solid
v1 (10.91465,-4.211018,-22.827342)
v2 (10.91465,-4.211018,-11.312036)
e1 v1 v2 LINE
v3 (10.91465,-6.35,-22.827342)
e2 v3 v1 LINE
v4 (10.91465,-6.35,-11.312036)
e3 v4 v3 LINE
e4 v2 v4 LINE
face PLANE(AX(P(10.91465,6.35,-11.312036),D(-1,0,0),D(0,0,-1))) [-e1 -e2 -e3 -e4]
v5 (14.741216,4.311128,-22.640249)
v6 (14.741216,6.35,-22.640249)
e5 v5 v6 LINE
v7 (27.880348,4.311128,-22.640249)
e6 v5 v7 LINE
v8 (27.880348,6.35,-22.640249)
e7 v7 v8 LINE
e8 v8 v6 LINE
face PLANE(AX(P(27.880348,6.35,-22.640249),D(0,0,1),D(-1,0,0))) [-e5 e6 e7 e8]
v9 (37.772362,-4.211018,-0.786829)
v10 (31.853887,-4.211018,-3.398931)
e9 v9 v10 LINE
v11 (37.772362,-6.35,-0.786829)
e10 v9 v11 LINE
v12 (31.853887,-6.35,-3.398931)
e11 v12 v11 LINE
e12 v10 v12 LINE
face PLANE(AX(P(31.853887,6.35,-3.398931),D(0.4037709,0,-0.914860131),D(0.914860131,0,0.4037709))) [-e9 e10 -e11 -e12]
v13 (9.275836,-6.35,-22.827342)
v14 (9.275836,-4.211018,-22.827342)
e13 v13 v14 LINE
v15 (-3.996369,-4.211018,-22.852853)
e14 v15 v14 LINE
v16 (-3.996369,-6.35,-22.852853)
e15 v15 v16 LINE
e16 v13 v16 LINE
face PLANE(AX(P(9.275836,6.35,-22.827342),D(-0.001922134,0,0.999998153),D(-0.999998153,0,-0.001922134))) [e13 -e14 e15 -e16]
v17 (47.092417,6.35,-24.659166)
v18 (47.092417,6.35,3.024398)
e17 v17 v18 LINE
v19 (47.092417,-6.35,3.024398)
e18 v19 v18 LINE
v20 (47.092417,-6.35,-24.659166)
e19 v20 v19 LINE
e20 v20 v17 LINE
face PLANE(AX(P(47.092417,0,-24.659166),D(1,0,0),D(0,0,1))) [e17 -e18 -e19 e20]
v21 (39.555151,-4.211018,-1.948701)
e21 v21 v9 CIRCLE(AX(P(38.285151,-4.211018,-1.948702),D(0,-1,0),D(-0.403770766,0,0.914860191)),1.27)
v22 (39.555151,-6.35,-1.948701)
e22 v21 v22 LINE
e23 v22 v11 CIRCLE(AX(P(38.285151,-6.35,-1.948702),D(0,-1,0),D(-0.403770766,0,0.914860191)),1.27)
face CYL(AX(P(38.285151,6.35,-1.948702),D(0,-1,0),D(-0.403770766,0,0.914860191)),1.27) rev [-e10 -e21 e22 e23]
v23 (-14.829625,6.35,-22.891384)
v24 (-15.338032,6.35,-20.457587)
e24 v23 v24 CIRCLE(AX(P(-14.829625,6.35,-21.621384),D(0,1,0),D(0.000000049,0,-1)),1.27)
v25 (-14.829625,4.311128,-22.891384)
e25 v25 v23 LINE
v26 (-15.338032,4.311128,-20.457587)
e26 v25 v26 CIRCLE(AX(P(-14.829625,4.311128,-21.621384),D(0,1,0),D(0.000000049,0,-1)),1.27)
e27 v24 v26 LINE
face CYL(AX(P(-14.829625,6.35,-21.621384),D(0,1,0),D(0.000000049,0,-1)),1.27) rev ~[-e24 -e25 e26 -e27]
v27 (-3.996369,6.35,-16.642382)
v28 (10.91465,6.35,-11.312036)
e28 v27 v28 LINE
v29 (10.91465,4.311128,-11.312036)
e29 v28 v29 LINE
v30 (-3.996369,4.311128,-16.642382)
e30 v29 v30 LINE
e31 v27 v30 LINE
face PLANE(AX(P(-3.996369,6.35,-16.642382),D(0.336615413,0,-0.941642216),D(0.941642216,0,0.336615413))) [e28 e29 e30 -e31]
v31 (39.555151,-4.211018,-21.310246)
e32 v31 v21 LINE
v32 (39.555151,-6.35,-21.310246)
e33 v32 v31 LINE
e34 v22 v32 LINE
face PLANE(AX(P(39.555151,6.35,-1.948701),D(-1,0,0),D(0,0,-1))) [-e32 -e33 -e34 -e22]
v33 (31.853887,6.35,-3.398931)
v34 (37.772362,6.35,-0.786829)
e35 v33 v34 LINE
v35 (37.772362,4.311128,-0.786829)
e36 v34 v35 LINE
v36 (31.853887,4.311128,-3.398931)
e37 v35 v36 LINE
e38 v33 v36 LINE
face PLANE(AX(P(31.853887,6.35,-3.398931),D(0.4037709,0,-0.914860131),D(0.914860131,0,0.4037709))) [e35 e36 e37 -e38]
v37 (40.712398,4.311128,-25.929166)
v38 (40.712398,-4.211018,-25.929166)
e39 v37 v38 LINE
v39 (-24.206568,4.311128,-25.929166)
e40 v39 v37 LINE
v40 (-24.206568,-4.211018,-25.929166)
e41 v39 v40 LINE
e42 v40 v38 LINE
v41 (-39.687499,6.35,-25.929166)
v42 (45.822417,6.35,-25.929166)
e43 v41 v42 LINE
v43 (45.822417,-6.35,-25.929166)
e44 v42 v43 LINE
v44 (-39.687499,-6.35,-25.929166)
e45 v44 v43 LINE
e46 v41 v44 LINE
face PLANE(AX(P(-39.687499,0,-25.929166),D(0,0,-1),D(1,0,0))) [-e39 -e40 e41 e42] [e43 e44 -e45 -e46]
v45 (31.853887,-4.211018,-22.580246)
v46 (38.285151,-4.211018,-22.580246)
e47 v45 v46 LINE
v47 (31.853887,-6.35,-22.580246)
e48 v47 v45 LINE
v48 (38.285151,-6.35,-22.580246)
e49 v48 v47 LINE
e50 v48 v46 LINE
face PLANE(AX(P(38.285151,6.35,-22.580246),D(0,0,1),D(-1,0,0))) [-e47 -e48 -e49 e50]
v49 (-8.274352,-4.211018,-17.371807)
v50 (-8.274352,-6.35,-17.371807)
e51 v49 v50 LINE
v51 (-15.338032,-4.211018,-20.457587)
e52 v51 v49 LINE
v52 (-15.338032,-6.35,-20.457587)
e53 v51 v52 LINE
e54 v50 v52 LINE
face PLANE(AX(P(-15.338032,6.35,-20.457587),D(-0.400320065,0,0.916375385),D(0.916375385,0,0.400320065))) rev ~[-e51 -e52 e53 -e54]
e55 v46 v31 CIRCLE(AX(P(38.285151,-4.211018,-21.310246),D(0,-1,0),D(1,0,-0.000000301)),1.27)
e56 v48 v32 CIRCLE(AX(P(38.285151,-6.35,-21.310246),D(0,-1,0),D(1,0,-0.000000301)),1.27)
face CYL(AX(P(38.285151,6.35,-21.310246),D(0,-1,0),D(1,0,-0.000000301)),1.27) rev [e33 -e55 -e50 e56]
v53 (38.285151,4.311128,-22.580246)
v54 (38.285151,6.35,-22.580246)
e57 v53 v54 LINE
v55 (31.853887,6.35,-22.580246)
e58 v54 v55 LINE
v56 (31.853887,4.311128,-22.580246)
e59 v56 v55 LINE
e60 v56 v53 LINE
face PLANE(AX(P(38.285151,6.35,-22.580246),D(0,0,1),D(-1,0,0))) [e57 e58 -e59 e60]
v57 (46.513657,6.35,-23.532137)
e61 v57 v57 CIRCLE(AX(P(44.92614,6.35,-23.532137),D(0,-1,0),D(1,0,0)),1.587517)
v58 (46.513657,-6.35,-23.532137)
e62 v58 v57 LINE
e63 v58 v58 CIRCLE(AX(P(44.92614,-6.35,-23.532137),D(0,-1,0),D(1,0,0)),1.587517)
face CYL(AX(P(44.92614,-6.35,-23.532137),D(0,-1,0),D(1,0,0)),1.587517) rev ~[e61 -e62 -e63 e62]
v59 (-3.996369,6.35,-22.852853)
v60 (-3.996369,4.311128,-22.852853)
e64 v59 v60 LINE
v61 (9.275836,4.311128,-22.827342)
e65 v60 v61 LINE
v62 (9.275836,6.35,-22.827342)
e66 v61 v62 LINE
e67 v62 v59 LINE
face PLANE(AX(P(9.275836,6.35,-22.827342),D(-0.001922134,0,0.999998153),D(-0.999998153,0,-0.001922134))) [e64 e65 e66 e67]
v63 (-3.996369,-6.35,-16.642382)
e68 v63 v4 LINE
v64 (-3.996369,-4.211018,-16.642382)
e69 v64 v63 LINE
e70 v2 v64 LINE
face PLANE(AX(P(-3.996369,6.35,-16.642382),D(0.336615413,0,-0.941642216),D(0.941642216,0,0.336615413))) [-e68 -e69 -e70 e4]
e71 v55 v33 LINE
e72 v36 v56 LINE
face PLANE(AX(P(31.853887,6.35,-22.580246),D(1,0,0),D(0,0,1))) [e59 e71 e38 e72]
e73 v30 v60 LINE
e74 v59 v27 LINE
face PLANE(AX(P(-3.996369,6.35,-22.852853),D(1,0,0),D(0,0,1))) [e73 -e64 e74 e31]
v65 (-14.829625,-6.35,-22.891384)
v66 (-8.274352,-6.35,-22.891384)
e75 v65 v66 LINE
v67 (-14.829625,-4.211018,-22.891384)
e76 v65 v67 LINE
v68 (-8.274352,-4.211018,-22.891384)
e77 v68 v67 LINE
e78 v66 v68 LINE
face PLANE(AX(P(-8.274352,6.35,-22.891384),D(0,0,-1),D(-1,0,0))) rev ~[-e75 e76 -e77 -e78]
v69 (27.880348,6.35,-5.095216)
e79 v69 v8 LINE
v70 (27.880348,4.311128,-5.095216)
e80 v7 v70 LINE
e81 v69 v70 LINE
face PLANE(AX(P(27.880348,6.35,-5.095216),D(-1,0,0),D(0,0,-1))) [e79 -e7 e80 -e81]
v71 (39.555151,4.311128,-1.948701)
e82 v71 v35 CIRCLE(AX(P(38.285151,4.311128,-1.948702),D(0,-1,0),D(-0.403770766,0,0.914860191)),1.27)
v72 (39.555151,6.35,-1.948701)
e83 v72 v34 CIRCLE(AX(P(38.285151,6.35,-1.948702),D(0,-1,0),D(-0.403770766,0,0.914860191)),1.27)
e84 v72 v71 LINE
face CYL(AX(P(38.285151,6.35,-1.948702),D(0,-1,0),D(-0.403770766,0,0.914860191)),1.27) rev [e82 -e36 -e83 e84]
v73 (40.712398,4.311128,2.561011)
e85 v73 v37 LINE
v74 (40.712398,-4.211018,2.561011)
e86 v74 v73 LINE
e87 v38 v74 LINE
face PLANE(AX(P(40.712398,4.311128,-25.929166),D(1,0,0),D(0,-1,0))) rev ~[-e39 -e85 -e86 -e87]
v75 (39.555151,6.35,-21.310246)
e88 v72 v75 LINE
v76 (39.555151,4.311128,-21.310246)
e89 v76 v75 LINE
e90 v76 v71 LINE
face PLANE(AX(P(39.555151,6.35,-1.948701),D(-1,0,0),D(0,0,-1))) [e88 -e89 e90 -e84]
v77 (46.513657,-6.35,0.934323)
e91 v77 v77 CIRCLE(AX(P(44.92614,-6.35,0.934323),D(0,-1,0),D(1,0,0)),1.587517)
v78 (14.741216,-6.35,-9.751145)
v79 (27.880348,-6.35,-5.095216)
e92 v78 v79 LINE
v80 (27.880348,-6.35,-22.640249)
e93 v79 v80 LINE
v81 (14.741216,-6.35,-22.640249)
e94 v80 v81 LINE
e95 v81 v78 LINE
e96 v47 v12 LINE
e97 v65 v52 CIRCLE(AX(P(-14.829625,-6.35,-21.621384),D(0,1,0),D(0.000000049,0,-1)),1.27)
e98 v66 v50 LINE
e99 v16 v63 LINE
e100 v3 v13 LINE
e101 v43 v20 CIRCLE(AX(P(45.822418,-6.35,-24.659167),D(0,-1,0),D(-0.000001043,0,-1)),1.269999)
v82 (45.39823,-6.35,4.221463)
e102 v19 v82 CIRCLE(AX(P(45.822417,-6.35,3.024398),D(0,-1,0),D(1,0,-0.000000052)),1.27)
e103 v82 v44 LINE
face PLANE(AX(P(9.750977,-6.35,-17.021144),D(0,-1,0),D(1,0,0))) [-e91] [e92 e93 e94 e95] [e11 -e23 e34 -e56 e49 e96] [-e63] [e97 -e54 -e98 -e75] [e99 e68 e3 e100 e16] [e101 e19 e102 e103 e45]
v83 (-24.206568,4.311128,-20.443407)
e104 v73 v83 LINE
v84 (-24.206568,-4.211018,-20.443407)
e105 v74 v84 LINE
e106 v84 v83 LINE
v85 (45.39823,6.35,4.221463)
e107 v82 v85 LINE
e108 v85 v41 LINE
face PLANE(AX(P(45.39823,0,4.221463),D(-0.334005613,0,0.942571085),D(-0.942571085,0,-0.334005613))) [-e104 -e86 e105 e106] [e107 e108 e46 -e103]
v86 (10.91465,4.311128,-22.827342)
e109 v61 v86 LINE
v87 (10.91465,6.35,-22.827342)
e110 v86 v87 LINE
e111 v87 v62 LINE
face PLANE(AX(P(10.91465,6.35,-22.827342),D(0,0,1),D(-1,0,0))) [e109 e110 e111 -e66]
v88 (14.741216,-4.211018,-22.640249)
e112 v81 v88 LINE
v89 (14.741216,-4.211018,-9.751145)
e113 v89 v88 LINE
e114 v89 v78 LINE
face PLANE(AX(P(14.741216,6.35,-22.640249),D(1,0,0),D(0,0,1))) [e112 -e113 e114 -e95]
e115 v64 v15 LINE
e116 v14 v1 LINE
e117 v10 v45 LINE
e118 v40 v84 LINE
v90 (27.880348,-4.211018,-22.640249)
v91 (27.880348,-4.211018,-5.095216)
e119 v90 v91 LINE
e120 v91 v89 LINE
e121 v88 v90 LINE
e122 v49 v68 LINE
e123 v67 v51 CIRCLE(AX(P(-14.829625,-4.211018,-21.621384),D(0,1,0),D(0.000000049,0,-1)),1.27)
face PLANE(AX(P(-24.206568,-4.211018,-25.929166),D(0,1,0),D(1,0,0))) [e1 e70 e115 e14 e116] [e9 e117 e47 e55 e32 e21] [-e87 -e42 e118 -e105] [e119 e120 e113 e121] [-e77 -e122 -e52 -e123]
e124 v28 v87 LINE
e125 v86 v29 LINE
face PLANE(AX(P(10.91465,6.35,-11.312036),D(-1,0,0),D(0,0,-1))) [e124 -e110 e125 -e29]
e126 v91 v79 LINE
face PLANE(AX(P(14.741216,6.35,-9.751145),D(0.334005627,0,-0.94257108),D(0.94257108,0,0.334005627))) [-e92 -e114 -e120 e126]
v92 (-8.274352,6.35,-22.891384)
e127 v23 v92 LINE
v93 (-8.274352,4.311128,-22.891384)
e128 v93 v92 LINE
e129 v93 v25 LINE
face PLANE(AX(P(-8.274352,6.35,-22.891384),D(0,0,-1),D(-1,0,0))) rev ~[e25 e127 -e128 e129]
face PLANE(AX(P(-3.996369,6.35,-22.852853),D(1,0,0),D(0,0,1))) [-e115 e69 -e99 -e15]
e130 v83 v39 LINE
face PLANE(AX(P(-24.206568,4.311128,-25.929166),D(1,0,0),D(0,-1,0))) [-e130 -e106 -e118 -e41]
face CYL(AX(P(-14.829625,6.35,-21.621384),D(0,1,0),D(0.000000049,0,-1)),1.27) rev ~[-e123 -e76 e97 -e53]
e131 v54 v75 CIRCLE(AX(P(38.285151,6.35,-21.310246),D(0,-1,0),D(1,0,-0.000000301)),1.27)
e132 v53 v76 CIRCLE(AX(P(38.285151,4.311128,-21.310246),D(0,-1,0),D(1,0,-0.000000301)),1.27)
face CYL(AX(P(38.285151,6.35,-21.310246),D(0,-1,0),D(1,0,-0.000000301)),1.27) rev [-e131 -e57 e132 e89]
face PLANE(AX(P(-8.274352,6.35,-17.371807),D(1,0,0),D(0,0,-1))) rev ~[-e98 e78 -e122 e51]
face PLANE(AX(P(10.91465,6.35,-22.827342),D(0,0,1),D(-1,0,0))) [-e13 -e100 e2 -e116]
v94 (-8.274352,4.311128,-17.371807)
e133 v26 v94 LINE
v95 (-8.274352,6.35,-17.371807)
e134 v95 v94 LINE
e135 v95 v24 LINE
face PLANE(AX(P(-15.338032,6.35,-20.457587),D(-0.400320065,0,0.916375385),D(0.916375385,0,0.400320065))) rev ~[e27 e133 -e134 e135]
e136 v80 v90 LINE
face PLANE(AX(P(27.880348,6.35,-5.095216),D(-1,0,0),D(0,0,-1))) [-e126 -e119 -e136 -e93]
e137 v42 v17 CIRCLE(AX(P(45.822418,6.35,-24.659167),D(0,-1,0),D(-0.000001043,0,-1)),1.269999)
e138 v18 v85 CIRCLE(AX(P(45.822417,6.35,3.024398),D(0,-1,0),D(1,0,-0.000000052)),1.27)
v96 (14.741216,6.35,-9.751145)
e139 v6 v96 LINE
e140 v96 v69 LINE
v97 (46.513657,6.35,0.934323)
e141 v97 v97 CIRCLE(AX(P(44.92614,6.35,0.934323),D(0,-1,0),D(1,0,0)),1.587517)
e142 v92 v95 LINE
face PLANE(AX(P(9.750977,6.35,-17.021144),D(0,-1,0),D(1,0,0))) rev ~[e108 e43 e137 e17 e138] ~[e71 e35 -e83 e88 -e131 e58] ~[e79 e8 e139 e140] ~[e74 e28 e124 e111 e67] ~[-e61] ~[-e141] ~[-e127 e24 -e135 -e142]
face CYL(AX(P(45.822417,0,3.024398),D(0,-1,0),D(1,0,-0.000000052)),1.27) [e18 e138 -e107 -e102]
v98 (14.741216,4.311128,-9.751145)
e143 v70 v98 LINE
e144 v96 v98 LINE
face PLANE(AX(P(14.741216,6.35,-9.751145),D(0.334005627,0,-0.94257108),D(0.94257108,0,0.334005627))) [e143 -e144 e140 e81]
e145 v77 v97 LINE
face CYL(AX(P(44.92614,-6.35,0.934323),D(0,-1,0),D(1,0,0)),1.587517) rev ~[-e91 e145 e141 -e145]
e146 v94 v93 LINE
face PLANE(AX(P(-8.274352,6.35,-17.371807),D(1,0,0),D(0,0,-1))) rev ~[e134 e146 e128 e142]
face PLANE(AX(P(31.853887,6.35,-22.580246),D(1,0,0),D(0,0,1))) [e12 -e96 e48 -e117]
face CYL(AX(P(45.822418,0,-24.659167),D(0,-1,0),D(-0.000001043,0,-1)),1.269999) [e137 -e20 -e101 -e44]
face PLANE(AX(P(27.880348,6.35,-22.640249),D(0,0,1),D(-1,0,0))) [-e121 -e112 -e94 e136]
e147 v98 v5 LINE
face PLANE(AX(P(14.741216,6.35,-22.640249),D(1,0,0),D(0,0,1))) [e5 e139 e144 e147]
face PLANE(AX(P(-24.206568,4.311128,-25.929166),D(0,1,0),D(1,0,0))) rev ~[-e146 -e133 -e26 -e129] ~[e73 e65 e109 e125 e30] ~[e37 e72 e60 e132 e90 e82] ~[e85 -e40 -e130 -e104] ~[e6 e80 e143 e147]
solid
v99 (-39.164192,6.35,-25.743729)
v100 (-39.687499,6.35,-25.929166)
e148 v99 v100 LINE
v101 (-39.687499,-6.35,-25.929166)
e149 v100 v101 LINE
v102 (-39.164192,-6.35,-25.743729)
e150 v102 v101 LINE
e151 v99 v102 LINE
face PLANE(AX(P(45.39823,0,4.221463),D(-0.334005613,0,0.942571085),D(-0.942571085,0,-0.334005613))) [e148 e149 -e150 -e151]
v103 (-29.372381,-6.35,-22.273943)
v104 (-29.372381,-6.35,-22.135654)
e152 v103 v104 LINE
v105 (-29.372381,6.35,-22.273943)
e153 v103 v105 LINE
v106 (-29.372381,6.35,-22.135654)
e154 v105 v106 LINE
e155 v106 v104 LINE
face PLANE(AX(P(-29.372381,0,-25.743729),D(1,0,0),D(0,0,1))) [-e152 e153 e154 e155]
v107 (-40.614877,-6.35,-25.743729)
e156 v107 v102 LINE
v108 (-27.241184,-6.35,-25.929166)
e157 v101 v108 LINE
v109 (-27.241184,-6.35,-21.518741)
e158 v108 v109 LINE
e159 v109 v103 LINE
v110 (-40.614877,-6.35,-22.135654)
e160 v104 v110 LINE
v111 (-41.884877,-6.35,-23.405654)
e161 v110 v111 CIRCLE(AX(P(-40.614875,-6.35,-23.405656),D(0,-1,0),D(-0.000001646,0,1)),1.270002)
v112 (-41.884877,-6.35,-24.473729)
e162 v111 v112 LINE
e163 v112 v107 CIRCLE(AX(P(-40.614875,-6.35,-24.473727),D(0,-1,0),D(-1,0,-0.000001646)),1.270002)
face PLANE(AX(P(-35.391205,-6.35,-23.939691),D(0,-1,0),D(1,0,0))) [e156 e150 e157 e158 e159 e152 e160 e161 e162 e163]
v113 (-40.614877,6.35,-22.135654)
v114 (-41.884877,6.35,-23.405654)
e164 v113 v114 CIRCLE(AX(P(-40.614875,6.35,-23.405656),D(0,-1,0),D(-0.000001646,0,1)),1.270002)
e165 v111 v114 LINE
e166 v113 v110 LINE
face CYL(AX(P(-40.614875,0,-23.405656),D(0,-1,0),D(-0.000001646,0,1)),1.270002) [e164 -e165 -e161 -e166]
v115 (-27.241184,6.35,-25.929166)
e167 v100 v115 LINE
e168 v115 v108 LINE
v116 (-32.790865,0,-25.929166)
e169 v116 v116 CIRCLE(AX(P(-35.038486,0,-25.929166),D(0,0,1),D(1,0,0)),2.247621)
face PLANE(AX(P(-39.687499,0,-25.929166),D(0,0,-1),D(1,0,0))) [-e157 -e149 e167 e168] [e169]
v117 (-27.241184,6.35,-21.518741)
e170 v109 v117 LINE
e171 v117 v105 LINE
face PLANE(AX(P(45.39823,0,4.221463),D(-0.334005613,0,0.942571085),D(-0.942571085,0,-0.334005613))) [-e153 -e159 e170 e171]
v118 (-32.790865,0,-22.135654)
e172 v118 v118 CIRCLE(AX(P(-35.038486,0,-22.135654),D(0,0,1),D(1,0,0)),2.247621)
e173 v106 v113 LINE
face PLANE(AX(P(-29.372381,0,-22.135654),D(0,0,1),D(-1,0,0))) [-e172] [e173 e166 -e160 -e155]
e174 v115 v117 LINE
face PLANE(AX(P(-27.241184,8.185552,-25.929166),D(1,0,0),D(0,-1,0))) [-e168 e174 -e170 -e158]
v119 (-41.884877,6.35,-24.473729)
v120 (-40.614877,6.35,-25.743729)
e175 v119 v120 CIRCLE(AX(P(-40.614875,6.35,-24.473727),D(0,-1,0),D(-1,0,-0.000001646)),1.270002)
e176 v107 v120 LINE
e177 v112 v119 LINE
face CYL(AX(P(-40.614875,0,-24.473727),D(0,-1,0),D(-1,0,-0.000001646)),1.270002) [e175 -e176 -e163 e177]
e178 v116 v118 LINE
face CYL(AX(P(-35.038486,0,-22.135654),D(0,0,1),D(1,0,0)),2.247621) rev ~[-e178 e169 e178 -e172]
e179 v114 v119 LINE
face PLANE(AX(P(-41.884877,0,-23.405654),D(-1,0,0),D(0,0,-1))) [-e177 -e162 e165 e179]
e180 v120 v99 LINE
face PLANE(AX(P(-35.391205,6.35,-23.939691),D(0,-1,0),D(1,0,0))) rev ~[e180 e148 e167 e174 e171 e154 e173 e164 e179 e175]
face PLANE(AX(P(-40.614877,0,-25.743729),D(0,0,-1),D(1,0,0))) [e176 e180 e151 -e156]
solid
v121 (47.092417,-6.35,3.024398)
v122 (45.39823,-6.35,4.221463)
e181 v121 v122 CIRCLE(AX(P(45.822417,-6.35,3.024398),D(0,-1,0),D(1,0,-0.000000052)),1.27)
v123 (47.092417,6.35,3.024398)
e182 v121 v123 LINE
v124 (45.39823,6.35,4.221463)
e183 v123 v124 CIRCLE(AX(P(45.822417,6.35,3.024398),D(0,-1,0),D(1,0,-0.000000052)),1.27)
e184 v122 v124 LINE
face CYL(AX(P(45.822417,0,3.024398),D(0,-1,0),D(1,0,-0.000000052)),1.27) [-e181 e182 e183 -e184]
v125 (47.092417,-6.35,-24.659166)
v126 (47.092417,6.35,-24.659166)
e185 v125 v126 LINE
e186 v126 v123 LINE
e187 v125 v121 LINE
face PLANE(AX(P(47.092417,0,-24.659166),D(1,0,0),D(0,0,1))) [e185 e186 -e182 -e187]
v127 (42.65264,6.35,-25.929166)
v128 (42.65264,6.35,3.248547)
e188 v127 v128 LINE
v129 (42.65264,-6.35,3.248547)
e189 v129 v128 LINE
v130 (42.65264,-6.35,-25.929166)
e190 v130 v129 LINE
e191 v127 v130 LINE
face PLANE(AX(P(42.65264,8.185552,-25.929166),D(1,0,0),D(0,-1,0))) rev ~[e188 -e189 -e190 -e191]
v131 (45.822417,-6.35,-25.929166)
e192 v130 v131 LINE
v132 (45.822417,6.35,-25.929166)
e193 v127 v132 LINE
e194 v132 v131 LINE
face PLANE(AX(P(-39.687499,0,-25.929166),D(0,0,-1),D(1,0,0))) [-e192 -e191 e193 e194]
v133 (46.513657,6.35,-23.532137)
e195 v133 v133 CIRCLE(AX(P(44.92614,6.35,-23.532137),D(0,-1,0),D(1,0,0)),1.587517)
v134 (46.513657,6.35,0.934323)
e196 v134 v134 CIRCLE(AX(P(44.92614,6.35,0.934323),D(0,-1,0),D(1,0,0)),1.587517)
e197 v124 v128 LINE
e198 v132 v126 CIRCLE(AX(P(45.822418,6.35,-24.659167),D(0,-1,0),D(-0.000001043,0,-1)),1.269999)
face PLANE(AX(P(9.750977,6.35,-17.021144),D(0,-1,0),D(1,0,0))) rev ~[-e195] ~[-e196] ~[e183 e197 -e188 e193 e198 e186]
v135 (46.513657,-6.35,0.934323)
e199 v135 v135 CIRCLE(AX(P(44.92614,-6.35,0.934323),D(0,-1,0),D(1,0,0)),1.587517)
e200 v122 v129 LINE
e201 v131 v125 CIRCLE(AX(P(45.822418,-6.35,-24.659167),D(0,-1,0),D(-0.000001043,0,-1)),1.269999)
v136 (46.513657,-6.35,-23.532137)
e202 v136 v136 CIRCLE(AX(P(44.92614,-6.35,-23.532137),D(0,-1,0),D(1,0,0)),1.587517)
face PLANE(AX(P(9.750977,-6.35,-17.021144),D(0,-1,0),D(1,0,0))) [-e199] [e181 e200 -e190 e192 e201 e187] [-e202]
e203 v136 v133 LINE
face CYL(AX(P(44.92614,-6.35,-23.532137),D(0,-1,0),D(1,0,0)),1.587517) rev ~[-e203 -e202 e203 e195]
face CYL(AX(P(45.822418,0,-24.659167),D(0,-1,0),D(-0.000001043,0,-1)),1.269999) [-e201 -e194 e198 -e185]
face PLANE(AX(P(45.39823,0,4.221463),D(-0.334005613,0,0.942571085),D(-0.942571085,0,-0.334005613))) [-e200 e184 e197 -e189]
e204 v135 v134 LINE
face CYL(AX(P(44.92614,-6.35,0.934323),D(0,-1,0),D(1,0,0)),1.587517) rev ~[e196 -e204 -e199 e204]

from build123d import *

# Parameters (mm, degrees)
F1_DEPTH  = 6.35
F2_W      = 69.893825
F2_H      = 16.123052
F3_DEPTH  = 127
F5_DEPTH  = 6.35
F6_R      = 2.247621
F7_DEPTH  = 127
F8_DEPTH  = 6.35
F9_W      = 64.918967
F9_H      = 8.522147
F10_DEPTH = 127
F12_DEPTH = 127
F13_R     = 1.587517
F14_DEPTH = 25.4


with BuildPart() as f1:
    # F0 (on Front) → F1 (new body, symmetric)
    with BuildSketch(Plane.XZ):
        with BuildLine():
            Line((45.39823, 4.221463), (-39.687499, -25.929166))
            Line((-39.687499, -25.929166), (45.822417, -25.929166))
            ThreePointArc((45.822417, -25.929166), (46.720443, -25.557192), (47.092417, -24.659166))
            Line((47.092417, -24.659166), (47.092417, 3.024398))
            ThreePointArc((47.092417, 3.024398), (46.555282, 4.06161), (45.39823, 4.221463))
        make_face()
    extrude(amount=F1_DEPTH, both=True)

    # F2 (on face) → F3 (cut, symmetric)
    with BuildSketch(Plane(origin=(0, 0, -25.929166), x_dir=(1, 0, 0), z_dir=(0, 0, -1))):
        with Locations((7.705728, -0.124026)):
            Rectangle(F2_W, F2_H)
    extrude(amount=F3_DEPTH, both=True, mode=Mode.SUBTRACT)

    # F4 (on Front) → F5 (join, symmetric)
    with BuildSketch(Plane.XZ):
        with BuildLine():
            Line((-40.614877, -25.743729), (-29.372381, -25.743729))
            Line((-29.372381, -25.743729), (-29.372381, -22.135654))
            Line((-29.372381, -22.135654), (-40.614877, -22.135654))
            ThreePointArc((-40.614877, -22.135654), (-41.512902, -22.507629), (-41.884877, -23.405654))
            Line((-41.884877, -23.405654), (-41.884877, -24.473729))
            ThreePointArc((-41.884877, -24.473729), (-41.512902, -25.371754), (-40.614877, -25.743729))
        make_face()
    extrude(amount=F5_DEPTH, both=True)

    # F6 (on face) → F7 (cut, symmetric)
    with BuildSketch(Plane.XY.offset(-22.135654)):
        with Locations((-35.038486, 0)):
            Circle(F6_R)
    extrude(amount=F7_DEPTH, both=True, mode=Mode.SUBTRACT)


with BuildPart() as f8:
    # F0 (on Front) → F8 (new body, symmetric)
    with BuildSketch(Plane.XZ):
        with BuildLine():
            Line((45.39823, 4.221463), (-39.687499, -25.929166))
            Line((-39.687499, -25.929166), (45.822417, -25.929166))
            ThreePointArc((45.822417, -25.929166), (46.720443, -25.557192), (47.092417, -24.659166))
            Line((47.092417, -24.659166), (47.092417, 3.024398))
            ThreePointArc((47.092417, 3.024398), (46.555282, 4.06161), (45.39823, 4.221463))
        make_face()
    extrude(amount=F8_DEPTH, both=True)

    # F9 (on face) → F10 (cut, symmetric)
    with BuildSketch(Plane(origin=(0, 0, -25.929166), x_dir=(1, 0, 0), z_dir=(0, 0, -1))):
        with Locations((8.252915, -0.050055)):
            Rectangle(F9_W, F9_H)
    extrude(amount=F10_DEPTH, both=True, mode=Mode.SUBTRACT)

    # F11 (on face) → F12 (cut, symmetric)
    with BuildSketch(Plane(origin=(0, 6.35, 0), x_dir=(-1, 0, 0), z_dir=(0, 1, 0))):
        with BuildLine():
            Line((-39.555151, -1.948701), (-39.555151, -21.310246))
            ThreePointArc((-39.555151, -21.310246), (-39.183177, -22.208271), (-38.285151, -22.580246))
            Line((-38.285151, -22.580246), (-31.853887, -22.580246))
            Line((-31.853887, -22.580246), (-31.853887, -3.398931))
            Line((-31.853887, -3.398931), (-37.772362, -0.786829))
            ThreePointArc((-37.772362, -0.786829), (-38.978569, -0.884713), (-39.555151, -1.948701))
        make_face()
        Polygon((-27.880348, -5.095216), (-27.880348, -22.640249), (-14.741216, -22.640249), (-14.741216, -9.751145), align=None)
        Polygon((-10.91465, -11.312036), (-10.91465, -22.827342), (-9.275836, -22.827342), (3.996369, -22.852853), (3.996369, -16.642382), align=None)
        with BuildLine():
            Line((8.274352, -17.371807), (8.274352, -22.891384))
            Line((8.274352, -22.891384), (14.829625, -22.891384))
            ThreePointArc((14.829625, -22.891384), (16.072791, -21.881074), (15.338032, -20.457587))
            Line((15.338032, -20.457587), (8.274352, -17.371807))
        make_face()
    extrude(amount=F12_DEPTH, both=True, mode=Mode.SUBTRACT)


with BuildPart() as f14_tool:
    # F13 (on face) → F14 (new body)
    with BuildSketch(Plane.XZ.offset(6.35)):
        with Locations((44.92614, 0.934323)):
            Circle(F13_R)
        with Locations((44.92614, -23.532137)):
            Circle(F13_R)
    extrude(amount=-F14_DEPTH)


with BuildPart() as f1_1:
    add(f1.part)

    # F14: cut by f14_tool
    add(f14_tool.part, mode=Mode.SUBTRACT)


with BuildPart() as f8_1:
    add(f8.part)

    # F14: cut by f14_tool
    add(f14_tool.part, mode=Mode.SUBTRACT)


solid = Compound([f1_1.part, f8_1.part])
